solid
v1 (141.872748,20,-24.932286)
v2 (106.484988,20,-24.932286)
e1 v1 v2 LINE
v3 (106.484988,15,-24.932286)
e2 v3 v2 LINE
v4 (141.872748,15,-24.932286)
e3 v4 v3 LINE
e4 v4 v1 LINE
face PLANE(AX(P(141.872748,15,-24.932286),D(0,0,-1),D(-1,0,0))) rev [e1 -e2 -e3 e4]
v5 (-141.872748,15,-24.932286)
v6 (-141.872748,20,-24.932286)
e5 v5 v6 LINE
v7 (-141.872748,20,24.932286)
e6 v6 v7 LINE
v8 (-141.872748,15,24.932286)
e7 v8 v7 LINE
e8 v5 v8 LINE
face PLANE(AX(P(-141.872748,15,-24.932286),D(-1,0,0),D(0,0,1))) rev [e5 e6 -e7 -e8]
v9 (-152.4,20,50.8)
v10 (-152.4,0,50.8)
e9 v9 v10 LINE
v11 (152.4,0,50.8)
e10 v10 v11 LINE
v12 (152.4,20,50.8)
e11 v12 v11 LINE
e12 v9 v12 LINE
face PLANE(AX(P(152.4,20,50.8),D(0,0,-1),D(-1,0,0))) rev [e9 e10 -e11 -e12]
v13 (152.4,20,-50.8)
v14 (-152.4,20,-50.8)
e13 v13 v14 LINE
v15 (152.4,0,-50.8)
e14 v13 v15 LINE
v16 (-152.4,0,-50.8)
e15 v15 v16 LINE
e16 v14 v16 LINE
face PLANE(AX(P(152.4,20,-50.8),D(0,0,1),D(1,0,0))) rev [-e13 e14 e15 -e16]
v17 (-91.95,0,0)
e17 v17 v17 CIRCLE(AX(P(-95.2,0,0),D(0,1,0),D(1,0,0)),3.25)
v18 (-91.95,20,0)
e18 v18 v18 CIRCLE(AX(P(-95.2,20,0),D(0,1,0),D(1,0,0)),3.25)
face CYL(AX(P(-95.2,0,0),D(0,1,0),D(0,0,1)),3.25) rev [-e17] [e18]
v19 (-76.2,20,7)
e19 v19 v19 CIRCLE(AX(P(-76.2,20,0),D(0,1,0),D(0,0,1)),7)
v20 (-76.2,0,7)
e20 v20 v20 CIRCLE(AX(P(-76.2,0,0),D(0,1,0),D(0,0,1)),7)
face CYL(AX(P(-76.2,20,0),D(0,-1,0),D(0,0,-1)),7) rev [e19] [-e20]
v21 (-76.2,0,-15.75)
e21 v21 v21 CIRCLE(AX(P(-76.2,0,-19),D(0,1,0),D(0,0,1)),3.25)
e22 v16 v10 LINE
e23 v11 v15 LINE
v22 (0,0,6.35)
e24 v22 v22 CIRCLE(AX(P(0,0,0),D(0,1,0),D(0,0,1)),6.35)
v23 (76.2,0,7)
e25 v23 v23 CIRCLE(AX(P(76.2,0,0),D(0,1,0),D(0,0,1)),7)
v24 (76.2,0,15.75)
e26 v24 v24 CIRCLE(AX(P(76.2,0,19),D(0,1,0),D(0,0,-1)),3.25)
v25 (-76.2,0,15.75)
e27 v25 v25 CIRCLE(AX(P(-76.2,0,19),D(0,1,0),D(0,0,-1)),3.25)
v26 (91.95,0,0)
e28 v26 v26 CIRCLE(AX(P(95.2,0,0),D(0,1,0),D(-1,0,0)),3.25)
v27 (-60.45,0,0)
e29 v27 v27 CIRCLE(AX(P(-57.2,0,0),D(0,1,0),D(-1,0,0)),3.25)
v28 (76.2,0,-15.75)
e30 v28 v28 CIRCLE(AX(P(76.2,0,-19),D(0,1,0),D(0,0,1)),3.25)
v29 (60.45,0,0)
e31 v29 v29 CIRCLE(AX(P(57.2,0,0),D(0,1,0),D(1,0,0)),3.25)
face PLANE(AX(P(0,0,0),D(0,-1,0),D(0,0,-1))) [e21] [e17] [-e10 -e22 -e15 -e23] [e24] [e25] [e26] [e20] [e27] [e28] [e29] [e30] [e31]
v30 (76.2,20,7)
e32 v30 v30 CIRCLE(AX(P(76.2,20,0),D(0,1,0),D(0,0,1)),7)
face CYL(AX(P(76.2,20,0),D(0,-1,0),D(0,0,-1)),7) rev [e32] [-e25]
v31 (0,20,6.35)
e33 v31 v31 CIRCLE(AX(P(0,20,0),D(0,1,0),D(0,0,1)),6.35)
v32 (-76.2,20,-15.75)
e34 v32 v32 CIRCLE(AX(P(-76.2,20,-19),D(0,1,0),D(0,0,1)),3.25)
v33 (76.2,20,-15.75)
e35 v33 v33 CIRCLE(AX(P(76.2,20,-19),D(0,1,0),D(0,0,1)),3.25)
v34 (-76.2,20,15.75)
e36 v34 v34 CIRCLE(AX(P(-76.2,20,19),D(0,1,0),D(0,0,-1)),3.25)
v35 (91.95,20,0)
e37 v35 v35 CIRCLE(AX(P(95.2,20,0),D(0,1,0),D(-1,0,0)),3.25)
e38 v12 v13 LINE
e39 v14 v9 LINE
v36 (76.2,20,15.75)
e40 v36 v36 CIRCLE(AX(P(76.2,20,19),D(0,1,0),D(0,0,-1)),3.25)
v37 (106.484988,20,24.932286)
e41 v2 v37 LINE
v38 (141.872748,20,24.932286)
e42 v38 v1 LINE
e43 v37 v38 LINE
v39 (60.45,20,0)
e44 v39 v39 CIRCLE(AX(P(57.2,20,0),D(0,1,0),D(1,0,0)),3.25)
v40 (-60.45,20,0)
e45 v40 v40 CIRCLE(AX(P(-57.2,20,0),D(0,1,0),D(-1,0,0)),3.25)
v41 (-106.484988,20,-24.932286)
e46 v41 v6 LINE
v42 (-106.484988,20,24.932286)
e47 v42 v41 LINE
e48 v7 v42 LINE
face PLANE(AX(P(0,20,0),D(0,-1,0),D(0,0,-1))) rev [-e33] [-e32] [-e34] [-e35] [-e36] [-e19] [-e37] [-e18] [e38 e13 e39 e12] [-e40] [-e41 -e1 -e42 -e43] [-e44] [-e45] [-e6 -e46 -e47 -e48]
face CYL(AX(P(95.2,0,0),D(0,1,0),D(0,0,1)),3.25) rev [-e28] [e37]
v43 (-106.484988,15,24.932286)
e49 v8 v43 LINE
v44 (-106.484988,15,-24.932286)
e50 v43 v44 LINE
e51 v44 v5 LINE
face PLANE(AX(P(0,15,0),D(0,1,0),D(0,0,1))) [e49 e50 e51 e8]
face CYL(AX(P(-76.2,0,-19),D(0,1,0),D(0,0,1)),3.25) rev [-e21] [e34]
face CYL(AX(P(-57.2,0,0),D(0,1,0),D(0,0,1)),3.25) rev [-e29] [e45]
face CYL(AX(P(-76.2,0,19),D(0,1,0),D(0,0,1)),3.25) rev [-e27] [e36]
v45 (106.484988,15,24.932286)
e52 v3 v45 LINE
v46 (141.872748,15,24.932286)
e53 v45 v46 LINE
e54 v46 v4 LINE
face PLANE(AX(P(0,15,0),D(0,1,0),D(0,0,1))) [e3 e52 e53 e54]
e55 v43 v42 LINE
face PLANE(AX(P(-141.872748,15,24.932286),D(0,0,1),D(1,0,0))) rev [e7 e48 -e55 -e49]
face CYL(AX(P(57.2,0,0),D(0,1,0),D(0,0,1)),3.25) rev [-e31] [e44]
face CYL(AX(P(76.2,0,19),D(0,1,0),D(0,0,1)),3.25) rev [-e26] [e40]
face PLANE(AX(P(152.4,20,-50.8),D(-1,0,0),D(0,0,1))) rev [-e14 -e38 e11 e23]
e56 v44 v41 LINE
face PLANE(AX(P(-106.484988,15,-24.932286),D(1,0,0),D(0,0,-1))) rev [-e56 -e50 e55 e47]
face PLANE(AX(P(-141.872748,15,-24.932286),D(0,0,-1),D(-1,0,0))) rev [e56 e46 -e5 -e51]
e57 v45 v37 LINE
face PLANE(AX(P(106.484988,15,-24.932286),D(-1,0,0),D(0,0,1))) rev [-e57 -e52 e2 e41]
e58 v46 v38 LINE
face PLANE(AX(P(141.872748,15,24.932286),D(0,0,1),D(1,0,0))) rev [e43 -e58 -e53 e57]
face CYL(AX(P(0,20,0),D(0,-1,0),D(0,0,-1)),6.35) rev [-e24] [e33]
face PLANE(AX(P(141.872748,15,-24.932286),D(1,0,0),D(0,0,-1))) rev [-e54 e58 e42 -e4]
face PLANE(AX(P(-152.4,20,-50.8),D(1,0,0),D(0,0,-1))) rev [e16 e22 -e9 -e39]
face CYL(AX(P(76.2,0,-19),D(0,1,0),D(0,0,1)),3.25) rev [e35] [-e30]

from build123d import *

# Parameters (mm, degrees)
SKETCH2_W                 = 304.8
SKETCH2_H                 = 101.6
SKETCH2_R                 = 6.35
SKETCH2_R_2               = 7
BOSS_EXTRUDE1_DEPTH       = 20
SKETCH3_R                 = 3.25
CUT_EXTRUDE1_DEPTH        = 162.883909021
CIRPATTERN1_COUNT         = 4
LPATTERN1_COUNT           = 2
LPATTERN1_PITCH           = 152.4
LPATTERN1_COPY_1_SKETCH_R = 3.25
LPATTERN1_COPY_1_DEPTH    = 162.883909021
LPATTERN1_COPY_2_SKETCH_R = 3.25
LPATTERN1_COPY_2_DEPTH    = 162.883909021
LPATTERN1_COPY_3_SKETCH_R = 3.25
LPATTERN1_COPY_3_DEPTH    = 162.883909021
SKETCH4_W                 = 35.387760229
SKETCH4_H                 = 49.864571232
CUT_EXTRUDE2_DEPTH        = 5


with BuildPart() as part:
    # Sketch2 → Boss-Extrude1 (new body)
    with BuildSketch(Plane(origin=(0, 0, 0), x_dir=(1, 0, 0), z_dir=(0, 1, 0))):
        Rectangle(SKETCH2_W, SKETCH2_H)
        with Locations(Location((0, 0, 0), (0, 0, 270))):
            Circle(SKETCH2_R, mode=Mode.SUBTRACT)
        with Locations(Location((-76.2, 0, 0), (0, 0, 270))):
            Circle(SKETCH2_R_2, mode=Mode.SUBTRACT)
        with Locations(Location((76.2, 0, 0), (0, 0, 270))):
            Circle(SKETCH2_R_2, mode=Mode.SUBTRACT)
    extrude(amount=BOSS_EXTRUDE1_DEPTH)

    # Sketch3 → Cut-Extrude1 (cut, through all)
    with BuildSketch(Plane(origin=(0, 20, 0), x_dir=(1, 0, 0), z_dir=(0, 1, 0))):
        with Locations(Location((-76.2, 19, 0), (0, 0, 270))):
            Circle(SKETCH3_R)
    cut_extrude1 = extrude(amount=-CUT_EXTRUDE1_DEPTH, mode=Mode.SUBTRACT)

    # CirPattern1: Cut-Extrude1 ×4 about axis
    cirpattern1_axis = Axis((-76.2, 0, 0), (0, 1, 0))
    for i in range(1, CIRPATTERN1_COUNT):
        add(cut_extrude1.rotate(cirpattern1_axis, i * 360 / CIRPATTERN1_COUNT), mode=Mode.SUBTRACT)

    # LPattern1: Cut-Extrude1 ×2
    with Locations(*[(i * LPATTERN1_PITCH, 0, 0) for i in range(1, LPATTERN1_COUNT)]):
        add(cut_extrude1, mode=Mode.SUBTRACT)

    # LPattern1 copy 1 sketch → LPattern1 copy 1 (cut, through all)
    with BuildSketch(Plane(origin=(76.2, 20, -76.2), x_dir=(0, 0, -1), z_dir=(0, 1, 0))):
        with Locations(Location((-76.2, 19, 0), (0, 0, 270))):
            Circle(LPATTERN1_COPY_1_SKETCH_R)
    extrude(amount=-LPATTERN1_COPY_1_DEPTH, mode=Mode.SUBTRACT)

    # LPattern1 copy 2 sketch → LPattern1 copy 2 (cut, through all)
    with BuildSketch(Plane(origin=(0, 20, 0), x_dir=(-1, 0, 0), z_dir=(0, 1, 0))):
        with Locations(Location((-76.2, 19, 0), (0, 0, 270))):
            Circle(LPATTERN1_COPY_2_SKETCH_R)
    extrude(amount=-LPATTERN1_COPY_2_DEPTH, mode=Mode.SUBTRACT)

    # LPattern1 copy 3 sketch → LPattern1 copy 3 (cut, through all)
    with BuildSketch(Plane(origin=(76.2, 20, 76.2), x_dir=(0, 0, 1), z_dir=(0, 1, 0))):
        with Locations(Location((-76.2, 19, 0), (0, 0, 270))):
            Circle(LPATTERN1_COPY_3_SKETCH_R)
    extrude(amount=-LPATTERN1_COPY_3_DEPTH, mode=Mode.SUBTRACT)

    # Sketch4 → Cut-Extrude2 (cut)
    with BuildSketch(Plane(origin=(0, 20, 0), x_dir=(1, 0, 0), z_dir=(0, 1, 0))):
        with Locations((-124.178867714, 0)):
            Rectangle(SKETCH4_W, SKETCH4_H)
        with Locations((124.178867714, 0)):
            Rectangle(SKETCH4_W, SKETCH4_H)
    extrude(amount=-CUT_EXTRUDE2_DEPTH, mode=Mode.SUBTRACT)


solid = part.part
